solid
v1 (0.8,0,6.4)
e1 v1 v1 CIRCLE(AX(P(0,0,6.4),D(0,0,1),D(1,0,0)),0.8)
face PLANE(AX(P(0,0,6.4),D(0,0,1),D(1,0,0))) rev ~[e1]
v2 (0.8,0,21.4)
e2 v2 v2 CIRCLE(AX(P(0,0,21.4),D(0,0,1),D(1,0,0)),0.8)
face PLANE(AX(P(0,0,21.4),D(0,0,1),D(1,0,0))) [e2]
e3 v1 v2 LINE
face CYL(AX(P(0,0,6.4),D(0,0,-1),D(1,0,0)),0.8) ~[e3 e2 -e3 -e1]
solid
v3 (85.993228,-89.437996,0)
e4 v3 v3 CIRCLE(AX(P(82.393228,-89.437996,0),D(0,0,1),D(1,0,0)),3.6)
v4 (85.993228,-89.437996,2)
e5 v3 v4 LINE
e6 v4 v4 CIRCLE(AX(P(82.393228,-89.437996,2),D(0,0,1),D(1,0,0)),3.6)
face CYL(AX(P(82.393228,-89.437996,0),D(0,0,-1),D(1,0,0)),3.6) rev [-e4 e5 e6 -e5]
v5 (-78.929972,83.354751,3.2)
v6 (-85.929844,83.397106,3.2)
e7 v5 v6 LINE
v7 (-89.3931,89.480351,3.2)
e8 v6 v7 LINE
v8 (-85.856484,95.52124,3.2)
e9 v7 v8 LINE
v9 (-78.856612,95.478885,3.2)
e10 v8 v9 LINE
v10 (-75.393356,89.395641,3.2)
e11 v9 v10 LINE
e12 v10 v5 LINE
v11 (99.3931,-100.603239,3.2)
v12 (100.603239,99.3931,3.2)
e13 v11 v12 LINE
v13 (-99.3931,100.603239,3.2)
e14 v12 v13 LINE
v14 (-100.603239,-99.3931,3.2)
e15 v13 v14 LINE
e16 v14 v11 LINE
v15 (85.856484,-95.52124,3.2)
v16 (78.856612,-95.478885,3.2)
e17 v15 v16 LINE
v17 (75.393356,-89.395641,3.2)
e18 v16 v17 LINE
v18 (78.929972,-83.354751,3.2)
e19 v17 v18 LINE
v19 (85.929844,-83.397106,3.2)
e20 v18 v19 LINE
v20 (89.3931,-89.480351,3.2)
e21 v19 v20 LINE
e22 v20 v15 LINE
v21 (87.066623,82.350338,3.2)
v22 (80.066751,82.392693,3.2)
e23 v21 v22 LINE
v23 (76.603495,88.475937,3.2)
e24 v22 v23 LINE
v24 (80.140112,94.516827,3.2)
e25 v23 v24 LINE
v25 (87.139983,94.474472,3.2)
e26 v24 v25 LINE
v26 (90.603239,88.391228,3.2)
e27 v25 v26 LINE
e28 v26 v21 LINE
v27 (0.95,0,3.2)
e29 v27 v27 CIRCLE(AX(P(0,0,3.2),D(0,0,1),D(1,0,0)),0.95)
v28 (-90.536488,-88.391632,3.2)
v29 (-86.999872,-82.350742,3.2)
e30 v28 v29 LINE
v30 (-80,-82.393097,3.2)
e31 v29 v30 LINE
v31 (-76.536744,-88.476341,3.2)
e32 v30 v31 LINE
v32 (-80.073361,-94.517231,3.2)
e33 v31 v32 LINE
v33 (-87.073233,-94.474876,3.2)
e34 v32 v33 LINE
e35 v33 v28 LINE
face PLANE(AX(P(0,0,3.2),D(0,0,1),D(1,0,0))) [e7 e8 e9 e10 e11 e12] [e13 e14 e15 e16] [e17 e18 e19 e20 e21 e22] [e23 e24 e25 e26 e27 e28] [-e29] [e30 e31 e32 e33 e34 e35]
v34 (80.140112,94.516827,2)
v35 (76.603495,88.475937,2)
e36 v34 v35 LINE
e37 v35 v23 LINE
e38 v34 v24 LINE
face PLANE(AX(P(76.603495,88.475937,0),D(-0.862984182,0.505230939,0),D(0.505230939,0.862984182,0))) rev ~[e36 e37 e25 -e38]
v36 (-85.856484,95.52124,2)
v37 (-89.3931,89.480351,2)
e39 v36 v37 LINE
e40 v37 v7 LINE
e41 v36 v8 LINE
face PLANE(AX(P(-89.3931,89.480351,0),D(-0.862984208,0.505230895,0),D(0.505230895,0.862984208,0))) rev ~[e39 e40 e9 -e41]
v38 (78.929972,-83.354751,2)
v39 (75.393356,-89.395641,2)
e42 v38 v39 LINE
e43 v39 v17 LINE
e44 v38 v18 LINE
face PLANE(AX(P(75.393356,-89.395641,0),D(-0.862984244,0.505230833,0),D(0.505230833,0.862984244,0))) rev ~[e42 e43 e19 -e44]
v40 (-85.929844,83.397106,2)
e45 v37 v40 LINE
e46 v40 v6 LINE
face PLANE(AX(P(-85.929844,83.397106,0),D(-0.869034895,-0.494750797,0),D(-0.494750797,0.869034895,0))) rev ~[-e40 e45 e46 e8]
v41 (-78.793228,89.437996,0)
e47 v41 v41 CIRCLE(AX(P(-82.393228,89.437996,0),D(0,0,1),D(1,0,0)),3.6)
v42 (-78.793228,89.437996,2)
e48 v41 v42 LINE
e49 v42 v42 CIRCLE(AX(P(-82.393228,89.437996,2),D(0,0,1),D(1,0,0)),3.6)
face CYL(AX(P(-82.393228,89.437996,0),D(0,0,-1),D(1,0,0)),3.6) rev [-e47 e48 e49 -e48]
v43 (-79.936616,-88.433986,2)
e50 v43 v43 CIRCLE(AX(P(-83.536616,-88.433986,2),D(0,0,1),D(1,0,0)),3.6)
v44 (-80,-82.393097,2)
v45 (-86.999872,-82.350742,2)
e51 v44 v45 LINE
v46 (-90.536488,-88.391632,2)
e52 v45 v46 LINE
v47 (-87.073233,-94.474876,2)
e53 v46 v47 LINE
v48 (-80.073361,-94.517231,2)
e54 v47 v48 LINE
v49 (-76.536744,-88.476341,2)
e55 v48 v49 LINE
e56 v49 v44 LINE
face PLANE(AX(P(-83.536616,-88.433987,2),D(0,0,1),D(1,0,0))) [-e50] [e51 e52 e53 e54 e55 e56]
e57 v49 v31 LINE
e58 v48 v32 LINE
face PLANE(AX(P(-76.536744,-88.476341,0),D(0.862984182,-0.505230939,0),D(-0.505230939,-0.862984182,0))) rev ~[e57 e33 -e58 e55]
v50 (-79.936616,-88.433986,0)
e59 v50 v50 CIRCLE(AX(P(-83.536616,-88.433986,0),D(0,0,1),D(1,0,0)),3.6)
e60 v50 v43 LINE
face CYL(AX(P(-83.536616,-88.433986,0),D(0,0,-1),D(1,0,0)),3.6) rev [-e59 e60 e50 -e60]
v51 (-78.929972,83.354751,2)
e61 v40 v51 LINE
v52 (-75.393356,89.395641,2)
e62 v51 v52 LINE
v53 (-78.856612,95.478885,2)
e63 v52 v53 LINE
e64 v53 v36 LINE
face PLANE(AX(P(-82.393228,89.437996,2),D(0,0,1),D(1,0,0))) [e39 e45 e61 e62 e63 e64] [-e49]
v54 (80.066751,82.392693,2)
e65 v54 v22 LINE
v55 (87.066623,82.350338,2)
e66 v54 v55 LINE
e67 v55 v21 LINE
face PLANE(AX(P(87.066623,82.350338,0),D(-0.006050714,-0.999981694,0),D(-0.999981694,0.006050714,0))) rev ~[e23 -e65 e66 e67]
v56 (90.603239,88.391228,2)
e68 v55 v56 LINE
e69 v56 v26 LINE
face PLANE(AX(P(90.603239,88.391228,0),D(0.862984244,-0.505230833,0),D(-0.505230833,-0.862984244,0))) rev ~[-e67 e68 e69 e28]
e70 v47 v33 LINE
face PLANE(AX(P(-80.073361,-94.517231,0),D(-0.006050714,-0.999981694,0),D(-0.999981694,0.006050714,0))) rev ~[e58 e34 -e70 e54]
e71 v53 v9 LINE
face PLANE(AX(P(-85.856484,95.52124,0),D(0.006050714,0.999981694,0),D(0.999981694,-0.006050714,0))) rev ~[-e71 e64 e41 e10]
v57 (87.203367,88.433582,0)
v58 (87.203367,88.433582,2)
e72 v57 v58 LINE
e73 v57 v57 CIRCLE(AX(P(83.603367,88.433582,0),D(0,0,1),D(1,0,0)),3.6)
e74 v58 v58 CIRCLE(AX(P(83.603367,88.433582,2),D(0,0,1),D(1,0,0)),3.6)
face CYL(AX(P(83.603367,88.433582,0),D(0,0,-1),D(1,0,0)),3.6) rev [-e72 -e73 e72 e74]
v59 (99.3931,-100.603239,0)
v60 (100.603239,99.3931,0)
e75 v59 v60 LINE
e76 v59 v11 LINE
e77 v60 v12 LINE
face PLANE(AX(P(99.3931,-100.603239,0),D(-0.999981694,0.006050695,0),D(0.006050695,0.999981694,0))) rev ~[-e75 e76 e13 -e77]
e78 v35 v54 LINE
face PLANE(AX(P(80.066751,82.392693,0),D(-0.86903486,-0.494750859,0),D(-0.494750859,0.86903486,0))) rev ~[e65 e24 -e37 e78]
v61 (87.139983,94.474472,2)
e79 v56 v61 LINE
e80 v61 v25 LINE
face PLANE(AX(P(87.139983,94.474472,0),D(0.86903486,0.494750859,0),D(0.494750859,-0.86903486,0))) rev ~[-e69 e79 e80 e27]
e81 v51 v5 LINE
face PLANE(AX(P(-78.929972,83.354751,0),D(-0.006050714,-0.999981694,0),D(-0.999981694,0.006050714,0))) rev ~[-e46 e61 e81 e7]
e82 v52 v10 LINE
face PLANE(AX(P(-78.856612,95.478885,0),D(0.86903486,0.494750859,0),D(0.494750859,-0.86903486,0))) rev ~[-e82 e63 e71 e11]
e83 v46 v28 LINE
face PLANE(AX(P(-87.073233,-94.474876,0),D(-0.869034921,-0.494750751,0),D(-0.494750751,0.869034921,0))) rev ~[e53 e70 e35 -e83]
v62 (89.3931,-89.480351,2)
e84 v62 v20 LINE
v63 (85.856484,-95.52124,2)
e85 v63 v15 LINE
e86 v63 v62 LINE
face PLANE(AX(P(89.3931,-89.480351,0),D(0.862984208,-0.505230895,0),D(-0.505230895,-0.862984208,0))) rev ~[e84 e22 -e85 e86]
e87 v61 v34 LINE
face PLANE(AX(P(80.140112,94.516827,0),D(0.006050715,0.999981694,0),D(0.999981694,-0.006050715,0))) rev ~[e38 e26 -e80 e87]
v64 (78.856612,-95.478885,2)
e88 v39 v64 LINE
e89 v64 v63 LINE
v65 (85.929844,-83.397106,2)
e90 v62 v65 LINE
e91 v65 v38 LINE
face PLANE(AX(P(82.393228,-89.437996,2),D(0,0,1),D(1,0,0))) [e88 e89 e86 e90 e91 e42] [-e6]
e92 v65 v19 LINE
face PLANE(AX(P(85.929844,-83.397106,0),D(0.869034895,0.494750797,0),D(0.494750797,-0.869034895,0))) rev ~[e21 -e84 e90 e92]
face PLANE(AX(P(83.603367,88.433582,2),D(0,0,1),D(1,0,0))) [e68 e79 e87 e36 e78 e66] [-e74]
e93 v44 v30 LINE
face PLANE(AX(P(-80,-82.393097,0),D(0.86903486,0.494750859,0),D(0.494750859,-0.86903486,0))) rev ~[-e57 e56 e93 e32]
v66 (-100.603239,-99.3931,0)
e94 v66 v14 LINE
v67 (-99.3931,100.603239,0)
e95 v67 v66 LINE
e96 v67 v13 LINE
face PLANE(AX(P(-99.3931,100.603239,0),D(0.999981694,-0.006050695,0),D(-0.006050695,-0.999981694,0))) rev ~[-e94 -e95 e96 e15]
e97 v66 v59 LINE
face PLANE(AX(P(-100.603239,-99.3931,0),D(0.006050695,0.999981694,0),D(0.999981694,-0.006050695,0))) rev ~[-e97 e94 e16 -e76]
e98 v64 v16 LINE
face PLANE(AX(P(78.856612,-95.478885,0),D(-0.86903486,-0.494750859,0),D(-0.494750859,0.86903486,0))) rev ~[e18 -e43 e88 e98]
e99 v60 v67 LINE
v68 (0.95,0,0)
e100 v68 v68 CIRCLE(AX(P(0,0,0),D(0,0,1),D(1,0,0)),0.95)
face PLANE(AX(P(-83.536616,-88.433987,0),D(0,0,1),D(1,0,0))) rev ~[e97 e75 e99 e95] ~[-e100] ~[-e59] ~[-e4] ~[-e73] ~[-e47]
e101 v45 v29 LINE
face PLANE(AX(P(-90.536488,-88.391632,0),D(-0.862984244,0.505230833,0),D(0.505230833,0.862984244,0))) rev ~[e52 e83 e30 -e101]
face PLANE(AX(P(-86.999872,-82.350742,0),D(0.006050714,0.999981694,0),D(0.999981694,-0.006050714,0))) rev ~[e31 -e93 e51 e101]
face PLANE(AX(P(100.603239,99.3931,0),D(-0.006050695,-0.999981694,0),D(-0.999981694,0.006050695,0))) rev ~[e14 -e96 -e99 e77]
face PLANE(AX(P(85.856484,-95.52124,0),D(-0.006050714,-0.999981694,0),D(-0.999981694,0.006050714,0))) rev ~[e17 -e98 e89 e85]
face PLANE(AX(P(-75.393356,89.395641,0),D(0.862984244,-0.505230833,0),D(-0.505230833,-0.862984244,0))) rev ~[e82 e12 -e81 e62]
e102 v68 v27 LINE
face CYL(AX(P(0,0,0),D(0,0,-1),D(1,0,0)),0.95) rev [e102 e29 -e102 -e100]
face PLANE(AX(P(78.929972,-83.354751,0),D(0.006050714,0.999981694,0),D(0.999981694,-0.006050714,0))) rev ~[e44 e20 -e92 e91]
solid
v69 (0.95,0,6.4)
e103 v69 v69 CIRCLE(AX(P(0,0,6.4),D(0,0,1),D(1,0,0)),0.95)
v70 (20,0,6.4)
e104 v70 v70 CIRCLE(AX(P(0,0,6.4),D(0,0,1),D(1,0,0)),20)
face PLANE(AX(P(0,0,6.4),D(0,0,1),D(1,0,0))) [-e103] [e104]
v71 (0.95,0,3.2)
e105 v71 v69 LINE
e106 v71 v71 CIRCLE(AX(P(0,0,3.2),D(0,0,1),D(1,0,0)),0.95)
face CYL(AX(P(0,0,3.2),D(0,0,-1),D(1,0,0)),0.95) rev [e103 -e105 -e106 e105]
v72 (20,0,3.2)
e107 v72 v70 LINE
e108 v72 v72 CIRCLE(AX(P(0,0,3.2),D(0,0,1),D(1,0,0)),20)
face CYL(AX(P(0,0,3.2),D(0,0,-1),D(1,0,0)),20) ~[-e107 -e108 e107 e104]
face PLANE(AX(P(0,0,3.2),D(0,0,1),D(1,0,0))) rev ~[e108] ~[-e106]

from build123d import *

# Parameters (mm, degrees)
F0_R     = 0.95
F1_DEPTH = 3.2
F0_R_2   = 3.6
F2_DEPTH = 2
F3_R     = 20
F3_R_2   = 0.95
F4_DEPTH = 3.2
F5_R     = 0.8
F6_DEPTH = 15


with BuildPart() as f1:
    # F0 (on Top) → F1 (new body)
    with BuildSketch(Plane.XY):
        Polygon((100.603239, 99.3931), (-99.3931, 100.603239), (-100.603239, -99.3931), (99.3931, -100.603239), align=None)
        Polygon((-87.073233, -94.474876), (-90.536488, -88.391632), (-86.999872, -82.350742), (-80, -82.393097), (-76.536744, -88.476341), (-80.073361, -94.517231), align=None, mode=Mode.SUBTRACT)
        Circle(F0_R, mode=Mode.SUBTRACT)
        Polygon((85.929844, -83.397106), (89.3931, -89.480351), (85.856484, -95.52124), (78.856612, -95.478885), (75.393356, -89.395641), (78.929972, -83.354751), align=None, mode=Mode.SUBTRACT)
        Polygon((-78.856612, 95.478885), (-75.393356, 89.395641), (-78.929972, 83.354751), (-85.929844, 83.397106), (-89.3931, 89.480351), (-85.856484, 95.52124), align=None, mode=Mode.SUBTRACT)
        Polygon((87.139983, 94.474472), (90.603239, 88.391228), (87.066623, 82.350338), (80.066751, 82.392693), (76.603495, 88.475937), (80.140112, 94.516827), align=None, mode=Mode.SUBTRACT)
    extrude(amount=F1_DEPTH)

    # F0 (on Top) → F2 (join)
    with BuildSketch(Plane.XY):
        Polygon((-86.999872, -82.350742), (-90.536488, -88.391632), (-87.073233, -94.474876), (-80.073361, -94.517231), (-76.536744, -88.476341), (-80, -82.393097), align=None)
        with Locations((-83.536616, -88.433986)):
            Circle(F0_R_2, mode=Mode.SUBTRACT)
        Polygon((-78.929972, 83.354751), (-75.393356, 89.395641), (-78.856612, 95.478885), (-85.856484, 95.52124), (-89.3931, 89.480351), (-85.929844, 83.397106), align=None)
        with Locations((-82.393228, 89.437996)):
            Circle(F0_R_2, mode=Mode.SUBTRACT)
        Polygon((85.856484, -95.52124), (89.3931, -89.480351), (85.929844, -83.397106), (78.929972, -83.354751), (75.393356, -89.395641), (78.856612, -95.478885), align=None)
        with Locations((82.393228, -89.437996)):
            Circle(F0_R_2, mode=Mode.SUBTRACT)
        Polygon((87.066623, 82.350338), (90.603239, 88.391228), (87.139983, 94.474472), (80.140112, 94.516827), (76.603495, 88.475937), (80.066751, 82.392693), align=None)
        with Locations((83.603367, 88.433582)):
            Circle(F0_R_2, mode=Mode.SUBTRACT)
    extrude(amount=F2_DEPTH)


with BuildPart() as f4:
    # F3 (on face) → F4 (new body)
    with BuildSketch(Plane.XY.offset(3.2)):
        Circle(F3_R)
        Circle(F3_R_2, mode=Mode.SUBTRACT)
    extrude(amount=F4_DEPTH)


with BuildPart() as f6:
    # F5 (on face) → F6 (new body)
    with BuildSketch(Plane.XY.offset(6.4)):
        Circle(F5_R)
    extrude(amount=F6_DEPTH)


solid = Compound([f1.part, f4.part, f6.part])
